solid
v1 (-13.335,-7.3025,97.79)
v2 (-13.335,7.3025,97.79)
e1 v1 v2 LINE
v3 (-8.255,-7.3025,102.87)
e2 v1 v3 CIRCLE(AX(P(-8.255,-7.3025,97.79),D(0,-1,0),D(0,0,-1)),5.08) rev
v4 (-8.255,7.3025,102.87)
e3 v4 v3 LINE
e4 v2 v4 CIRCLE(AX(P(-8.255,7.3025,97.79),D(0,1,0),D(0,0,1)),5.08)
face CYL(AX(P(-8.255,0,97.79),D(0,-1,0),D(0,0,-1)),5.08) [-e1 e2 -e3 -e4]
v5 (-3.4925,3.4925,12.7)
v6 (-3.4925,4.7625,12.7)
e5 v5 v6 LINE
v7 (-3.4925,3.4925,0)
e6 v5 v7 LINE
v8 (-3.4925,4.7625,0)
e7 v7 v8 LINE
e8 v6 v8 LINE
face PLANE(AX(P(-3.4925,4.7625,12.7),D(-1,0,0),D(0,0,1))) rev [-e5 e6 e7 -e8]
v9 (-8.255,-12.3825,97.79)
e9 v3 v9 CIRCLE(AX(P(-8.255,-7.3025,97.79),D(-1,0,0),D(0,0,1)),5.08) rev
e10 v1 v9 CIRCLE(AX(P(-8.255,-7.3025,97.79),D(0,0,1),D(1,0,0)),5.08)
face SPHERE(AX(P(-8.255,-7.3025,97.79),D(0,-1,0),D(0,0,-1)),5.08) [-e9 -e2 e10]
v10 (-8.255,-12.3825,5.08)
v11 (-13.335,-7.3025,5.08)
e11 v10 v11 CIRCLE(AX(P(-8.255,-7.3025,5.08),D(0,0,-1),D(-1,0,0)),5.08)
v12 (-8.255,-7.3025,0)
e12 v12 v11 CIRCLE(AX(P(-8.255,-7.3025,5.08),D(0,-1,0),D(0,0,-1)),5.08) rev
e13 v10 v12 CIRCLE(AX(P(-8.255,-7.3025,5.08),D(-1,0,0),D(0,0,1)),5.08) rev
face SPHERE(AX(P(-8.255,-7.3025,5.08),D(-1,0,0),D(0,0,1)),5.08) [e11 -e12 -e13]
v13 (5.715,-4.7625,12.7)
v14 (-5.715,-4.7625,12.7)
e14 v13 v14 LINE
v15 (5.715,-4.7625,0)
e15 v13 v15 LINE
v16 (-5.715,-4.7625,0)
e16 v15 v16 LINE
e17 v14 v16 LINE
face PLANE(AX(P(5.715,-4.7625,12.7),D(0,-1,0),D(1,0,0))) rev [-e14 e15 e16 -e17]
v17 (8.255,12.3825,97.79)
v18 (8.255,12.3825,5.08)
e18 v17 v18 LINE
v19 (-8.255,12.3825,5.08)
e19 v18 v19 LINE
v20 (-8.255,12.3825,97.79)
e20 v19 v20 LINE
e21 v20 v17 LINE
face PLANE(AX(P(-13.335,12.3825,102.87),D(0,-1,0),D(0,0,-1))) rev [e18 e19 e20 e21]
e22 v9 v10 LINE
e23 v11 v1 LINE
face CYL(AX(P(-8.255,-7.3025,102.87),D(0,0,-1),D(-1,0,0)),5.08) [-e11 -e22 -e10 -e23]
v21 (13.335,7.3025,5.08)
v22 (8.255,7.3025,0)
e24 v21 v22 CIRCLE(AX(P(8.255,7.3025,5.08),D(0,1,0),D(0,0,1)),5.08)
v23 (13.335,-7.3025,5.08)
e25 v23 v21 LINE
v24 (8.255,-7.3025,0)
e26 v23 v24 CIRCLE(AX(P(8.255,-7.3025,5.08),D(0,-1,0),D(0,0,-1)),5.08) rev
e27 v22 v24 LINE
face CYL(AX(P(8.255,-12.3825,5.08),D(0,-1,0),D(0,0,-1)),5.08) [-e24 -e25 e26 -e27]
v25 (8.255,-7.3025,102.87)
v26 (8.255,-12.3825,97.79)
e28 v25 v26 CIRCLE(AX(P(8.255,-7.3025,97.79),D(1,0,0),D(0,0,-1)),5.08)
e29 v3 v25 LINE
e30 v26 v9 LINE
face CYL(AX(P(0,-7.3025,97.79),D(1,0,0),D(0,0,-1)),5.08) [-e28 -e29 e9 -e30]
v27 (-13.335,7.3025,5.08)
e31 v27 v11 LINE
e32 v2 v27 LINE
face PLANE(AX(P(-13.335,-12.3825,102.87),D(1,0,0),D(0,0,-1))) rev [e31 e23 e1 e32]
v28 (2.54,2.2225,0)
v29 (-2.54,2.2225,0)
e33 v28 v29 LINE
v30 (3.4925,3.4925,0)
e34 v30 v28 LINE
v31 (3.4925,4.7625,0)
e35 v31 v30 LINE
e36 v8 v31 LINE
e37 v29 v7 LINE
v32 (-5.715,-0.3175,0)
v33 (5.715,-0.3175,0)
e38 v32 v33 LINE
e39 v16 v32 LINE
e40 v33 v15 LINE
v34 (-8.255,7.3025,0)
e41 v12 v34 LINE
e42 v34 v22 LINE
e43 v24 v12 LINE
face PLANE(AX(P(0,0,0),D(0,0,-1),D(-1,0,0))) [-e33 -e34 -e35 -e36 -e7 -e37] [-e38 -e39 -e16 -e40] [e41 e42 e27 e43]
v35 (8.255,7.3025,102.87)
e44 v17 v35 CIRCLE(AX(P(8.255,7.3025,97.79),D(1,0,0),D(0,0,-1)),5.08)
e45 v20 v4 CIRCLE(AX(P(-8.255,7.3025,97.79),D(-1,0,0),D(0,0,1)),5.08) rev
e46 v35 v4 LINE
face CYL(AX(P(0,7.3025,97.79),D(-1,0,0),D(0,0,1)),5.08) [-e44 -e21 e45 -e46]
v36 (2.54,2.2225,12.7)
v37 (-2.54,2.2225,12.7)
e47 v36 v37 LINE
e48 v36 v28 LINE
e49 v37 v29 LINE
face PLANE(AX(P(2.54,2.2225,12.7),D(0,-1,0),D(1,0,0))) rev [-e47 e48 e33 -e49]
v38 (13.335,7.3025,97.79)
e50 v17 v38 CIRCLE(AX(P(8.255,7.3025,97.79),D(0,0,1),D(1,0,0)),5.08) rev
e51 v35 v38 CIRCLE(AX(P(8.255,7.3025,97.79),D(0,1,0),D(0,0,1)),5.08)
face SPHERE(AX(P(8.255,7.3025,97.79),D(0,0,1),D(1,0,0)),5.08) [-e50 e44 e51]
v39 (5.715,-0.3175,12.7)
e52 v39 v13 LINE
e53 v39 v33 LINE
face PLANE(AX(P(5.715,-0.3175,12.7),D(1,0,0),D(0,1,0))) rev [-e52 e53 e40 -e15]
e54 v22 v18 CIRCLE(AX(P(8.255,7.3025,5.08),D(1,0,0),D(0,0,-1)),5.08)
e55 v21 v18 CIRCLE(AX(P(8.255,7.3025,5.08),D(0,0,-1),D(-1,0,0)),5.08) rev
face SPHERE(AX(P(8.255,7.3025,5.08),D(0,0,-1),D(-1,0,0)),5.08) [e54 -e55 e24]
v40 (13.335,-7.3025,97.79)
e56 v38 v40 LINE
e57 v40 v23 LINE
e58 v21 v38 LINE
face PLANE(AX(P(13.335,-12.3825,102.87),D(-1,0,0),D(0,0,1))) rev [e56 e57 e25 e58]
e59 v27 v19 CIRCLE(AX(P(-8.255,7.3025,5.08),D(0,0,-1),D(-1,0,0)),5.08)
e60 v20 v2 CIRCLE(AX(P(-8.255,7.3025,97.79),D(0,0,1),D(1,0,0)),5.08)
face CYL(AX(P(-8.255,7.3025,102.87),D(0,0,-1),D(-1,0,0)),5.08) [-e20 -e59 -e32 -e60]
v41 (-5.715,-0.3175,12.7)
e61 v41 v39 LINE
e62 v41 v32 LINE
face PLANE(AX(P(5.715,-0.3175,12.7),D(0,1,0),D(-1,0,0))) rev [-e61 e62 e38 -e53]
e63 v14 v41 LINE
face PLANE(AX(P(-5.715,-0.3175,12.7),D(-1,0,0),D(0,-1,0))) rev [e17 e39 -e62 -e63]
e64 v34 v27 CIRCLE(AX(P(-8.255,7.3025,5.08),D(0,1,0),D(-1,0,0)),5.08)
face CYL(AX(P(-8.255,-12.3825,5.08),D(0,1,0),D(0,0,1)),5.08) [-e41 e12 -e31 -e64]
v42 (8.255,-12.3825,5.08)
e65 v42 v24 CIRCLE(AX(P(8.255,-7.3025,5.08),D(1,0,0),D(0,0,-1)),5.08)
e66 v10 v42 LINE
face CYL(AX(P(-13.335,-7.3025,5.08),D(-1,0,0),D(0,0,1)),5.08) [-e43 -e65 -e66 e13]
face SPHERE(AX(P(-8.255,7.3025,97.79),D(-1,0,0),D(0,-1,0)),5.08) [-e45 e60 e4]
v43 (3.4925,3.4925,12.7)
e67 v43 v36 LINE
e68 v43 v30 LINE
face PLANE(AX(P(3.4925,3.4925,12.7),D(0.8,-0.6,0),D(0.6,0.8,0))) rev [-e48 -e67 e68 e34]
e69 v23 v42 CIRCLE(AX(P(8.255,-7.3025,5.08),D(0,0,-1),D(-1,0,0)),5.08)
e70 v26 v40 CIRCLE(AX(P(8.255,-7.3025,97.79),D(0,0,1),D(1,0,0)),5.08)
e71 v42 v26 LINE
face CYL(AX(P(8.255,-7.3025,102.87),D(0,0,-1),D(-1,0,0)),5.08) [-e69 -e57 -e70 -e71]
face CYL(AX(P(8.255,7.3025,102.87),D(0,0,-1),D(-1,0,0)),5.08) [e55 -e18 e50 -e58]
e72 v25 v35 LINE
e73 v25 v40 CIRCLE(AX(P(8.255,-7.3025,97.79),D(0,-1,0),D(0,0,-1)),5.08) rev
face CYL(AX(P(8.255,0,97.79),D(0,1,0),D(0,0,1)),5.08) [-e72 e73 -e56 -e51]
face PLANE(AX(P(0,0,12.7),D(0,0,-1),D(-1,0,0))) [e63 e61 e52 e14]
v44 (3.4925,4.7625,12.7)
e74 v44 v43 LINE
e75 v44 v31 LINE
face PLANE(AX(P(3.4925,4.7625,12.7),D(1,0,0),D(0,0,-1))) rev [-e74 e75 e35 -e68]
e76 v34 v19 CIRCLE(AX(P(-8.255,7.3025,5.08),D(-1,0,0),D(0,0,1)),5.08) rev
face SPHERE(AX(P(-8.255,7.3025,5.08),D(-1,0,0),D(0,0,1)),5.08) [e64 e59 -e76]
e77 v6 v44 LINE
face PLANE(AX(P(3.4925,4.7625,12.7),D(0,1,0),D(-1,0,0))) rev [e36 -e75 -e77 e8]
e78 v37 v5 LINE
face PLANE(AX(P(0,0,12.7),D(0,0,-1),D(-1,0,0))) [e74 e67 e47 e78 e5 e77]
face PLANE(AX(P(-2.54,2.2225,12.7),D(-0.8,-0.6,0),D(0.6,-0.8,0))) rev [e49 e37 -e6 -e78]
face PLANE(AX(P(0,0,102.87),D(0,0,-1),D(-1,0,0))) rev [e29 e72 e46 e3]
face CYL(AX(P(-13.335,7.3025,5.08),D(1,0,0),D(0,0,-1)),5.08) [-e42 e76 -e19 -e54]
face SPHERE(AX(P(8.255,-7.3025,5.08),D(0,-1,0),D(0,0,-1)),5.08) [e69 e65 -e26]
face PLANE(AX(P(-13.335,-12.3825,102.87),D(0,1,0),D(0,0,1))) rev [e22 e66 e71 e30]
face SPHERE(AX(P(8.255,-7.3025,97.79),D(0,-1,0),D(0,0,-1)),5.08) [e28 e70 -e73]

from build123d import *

# Parameters (mm, degrees)
SKETCH1_W           = 26.67
SKETCH1_H           = 24.765
BOSS_EXTRUDE1_DEPTH = 102.87
FILLET1_R           = 5.08
SKETCH2_W           = 11.43
SKETCH2_H           = 4.445
CUT_EXTRUDE1_DEPTH  = 12.7


with BuildPart() as part:
    # Sketch1 → Boss-Extrude1 (new body)
    with BuildSketch(Plane.XY):
        Rectangle(SKETCH1_W, SKETCH1_H)
    extrude(amount=BOSS_EXTRUDE1_DEPTH)

    # Fillet1
    fillet1_edges = [part.edges().sort_by_distance(p)[0] for p in [
        (13.335, 0, 102.87),
        (0, 12.3825, 102.87),
        (-13.335, 0, 102.87),
        (0, 12.3825, 0),
        (13.335, 0, 0),
        (0, -12.3825, 0),
        (-13.335, 0, 0),
        (-13.335, 12.3825, 51.435),
        (13.335, 12.3825, 51.435),
        (13.335, -12.3825, 51.435),
        (-13.335, -12.3825, 51.435),
        (0, -12.3825, 102.87),
    ]]
    fillet(fillet1_edges, radius=FILLET1_R)

    # Sketch2 → Cut-Extrude1 (cut)
    with BuildSketch(Plane(origin=(0, 0, 0), x_dir=(-1, 0, 0), z_dir=(0, 0, -1))):
        with Locations((0, -2.54)):
            Rectangle(SKETCH2_W, SKETCH2_H)
        Polygon((-2.54, 2.2225), (2.54, 2.2225), (3.4925, 3.4925), (3.4925, 4.7625), (-3.4925, 4.7625), (-3.4925, 3.4925), align=None)
    extrude(amount=-CUT_EXTRUDE1_DEPTH, mode=Mode.SUBTRACT)


solid = part.part
